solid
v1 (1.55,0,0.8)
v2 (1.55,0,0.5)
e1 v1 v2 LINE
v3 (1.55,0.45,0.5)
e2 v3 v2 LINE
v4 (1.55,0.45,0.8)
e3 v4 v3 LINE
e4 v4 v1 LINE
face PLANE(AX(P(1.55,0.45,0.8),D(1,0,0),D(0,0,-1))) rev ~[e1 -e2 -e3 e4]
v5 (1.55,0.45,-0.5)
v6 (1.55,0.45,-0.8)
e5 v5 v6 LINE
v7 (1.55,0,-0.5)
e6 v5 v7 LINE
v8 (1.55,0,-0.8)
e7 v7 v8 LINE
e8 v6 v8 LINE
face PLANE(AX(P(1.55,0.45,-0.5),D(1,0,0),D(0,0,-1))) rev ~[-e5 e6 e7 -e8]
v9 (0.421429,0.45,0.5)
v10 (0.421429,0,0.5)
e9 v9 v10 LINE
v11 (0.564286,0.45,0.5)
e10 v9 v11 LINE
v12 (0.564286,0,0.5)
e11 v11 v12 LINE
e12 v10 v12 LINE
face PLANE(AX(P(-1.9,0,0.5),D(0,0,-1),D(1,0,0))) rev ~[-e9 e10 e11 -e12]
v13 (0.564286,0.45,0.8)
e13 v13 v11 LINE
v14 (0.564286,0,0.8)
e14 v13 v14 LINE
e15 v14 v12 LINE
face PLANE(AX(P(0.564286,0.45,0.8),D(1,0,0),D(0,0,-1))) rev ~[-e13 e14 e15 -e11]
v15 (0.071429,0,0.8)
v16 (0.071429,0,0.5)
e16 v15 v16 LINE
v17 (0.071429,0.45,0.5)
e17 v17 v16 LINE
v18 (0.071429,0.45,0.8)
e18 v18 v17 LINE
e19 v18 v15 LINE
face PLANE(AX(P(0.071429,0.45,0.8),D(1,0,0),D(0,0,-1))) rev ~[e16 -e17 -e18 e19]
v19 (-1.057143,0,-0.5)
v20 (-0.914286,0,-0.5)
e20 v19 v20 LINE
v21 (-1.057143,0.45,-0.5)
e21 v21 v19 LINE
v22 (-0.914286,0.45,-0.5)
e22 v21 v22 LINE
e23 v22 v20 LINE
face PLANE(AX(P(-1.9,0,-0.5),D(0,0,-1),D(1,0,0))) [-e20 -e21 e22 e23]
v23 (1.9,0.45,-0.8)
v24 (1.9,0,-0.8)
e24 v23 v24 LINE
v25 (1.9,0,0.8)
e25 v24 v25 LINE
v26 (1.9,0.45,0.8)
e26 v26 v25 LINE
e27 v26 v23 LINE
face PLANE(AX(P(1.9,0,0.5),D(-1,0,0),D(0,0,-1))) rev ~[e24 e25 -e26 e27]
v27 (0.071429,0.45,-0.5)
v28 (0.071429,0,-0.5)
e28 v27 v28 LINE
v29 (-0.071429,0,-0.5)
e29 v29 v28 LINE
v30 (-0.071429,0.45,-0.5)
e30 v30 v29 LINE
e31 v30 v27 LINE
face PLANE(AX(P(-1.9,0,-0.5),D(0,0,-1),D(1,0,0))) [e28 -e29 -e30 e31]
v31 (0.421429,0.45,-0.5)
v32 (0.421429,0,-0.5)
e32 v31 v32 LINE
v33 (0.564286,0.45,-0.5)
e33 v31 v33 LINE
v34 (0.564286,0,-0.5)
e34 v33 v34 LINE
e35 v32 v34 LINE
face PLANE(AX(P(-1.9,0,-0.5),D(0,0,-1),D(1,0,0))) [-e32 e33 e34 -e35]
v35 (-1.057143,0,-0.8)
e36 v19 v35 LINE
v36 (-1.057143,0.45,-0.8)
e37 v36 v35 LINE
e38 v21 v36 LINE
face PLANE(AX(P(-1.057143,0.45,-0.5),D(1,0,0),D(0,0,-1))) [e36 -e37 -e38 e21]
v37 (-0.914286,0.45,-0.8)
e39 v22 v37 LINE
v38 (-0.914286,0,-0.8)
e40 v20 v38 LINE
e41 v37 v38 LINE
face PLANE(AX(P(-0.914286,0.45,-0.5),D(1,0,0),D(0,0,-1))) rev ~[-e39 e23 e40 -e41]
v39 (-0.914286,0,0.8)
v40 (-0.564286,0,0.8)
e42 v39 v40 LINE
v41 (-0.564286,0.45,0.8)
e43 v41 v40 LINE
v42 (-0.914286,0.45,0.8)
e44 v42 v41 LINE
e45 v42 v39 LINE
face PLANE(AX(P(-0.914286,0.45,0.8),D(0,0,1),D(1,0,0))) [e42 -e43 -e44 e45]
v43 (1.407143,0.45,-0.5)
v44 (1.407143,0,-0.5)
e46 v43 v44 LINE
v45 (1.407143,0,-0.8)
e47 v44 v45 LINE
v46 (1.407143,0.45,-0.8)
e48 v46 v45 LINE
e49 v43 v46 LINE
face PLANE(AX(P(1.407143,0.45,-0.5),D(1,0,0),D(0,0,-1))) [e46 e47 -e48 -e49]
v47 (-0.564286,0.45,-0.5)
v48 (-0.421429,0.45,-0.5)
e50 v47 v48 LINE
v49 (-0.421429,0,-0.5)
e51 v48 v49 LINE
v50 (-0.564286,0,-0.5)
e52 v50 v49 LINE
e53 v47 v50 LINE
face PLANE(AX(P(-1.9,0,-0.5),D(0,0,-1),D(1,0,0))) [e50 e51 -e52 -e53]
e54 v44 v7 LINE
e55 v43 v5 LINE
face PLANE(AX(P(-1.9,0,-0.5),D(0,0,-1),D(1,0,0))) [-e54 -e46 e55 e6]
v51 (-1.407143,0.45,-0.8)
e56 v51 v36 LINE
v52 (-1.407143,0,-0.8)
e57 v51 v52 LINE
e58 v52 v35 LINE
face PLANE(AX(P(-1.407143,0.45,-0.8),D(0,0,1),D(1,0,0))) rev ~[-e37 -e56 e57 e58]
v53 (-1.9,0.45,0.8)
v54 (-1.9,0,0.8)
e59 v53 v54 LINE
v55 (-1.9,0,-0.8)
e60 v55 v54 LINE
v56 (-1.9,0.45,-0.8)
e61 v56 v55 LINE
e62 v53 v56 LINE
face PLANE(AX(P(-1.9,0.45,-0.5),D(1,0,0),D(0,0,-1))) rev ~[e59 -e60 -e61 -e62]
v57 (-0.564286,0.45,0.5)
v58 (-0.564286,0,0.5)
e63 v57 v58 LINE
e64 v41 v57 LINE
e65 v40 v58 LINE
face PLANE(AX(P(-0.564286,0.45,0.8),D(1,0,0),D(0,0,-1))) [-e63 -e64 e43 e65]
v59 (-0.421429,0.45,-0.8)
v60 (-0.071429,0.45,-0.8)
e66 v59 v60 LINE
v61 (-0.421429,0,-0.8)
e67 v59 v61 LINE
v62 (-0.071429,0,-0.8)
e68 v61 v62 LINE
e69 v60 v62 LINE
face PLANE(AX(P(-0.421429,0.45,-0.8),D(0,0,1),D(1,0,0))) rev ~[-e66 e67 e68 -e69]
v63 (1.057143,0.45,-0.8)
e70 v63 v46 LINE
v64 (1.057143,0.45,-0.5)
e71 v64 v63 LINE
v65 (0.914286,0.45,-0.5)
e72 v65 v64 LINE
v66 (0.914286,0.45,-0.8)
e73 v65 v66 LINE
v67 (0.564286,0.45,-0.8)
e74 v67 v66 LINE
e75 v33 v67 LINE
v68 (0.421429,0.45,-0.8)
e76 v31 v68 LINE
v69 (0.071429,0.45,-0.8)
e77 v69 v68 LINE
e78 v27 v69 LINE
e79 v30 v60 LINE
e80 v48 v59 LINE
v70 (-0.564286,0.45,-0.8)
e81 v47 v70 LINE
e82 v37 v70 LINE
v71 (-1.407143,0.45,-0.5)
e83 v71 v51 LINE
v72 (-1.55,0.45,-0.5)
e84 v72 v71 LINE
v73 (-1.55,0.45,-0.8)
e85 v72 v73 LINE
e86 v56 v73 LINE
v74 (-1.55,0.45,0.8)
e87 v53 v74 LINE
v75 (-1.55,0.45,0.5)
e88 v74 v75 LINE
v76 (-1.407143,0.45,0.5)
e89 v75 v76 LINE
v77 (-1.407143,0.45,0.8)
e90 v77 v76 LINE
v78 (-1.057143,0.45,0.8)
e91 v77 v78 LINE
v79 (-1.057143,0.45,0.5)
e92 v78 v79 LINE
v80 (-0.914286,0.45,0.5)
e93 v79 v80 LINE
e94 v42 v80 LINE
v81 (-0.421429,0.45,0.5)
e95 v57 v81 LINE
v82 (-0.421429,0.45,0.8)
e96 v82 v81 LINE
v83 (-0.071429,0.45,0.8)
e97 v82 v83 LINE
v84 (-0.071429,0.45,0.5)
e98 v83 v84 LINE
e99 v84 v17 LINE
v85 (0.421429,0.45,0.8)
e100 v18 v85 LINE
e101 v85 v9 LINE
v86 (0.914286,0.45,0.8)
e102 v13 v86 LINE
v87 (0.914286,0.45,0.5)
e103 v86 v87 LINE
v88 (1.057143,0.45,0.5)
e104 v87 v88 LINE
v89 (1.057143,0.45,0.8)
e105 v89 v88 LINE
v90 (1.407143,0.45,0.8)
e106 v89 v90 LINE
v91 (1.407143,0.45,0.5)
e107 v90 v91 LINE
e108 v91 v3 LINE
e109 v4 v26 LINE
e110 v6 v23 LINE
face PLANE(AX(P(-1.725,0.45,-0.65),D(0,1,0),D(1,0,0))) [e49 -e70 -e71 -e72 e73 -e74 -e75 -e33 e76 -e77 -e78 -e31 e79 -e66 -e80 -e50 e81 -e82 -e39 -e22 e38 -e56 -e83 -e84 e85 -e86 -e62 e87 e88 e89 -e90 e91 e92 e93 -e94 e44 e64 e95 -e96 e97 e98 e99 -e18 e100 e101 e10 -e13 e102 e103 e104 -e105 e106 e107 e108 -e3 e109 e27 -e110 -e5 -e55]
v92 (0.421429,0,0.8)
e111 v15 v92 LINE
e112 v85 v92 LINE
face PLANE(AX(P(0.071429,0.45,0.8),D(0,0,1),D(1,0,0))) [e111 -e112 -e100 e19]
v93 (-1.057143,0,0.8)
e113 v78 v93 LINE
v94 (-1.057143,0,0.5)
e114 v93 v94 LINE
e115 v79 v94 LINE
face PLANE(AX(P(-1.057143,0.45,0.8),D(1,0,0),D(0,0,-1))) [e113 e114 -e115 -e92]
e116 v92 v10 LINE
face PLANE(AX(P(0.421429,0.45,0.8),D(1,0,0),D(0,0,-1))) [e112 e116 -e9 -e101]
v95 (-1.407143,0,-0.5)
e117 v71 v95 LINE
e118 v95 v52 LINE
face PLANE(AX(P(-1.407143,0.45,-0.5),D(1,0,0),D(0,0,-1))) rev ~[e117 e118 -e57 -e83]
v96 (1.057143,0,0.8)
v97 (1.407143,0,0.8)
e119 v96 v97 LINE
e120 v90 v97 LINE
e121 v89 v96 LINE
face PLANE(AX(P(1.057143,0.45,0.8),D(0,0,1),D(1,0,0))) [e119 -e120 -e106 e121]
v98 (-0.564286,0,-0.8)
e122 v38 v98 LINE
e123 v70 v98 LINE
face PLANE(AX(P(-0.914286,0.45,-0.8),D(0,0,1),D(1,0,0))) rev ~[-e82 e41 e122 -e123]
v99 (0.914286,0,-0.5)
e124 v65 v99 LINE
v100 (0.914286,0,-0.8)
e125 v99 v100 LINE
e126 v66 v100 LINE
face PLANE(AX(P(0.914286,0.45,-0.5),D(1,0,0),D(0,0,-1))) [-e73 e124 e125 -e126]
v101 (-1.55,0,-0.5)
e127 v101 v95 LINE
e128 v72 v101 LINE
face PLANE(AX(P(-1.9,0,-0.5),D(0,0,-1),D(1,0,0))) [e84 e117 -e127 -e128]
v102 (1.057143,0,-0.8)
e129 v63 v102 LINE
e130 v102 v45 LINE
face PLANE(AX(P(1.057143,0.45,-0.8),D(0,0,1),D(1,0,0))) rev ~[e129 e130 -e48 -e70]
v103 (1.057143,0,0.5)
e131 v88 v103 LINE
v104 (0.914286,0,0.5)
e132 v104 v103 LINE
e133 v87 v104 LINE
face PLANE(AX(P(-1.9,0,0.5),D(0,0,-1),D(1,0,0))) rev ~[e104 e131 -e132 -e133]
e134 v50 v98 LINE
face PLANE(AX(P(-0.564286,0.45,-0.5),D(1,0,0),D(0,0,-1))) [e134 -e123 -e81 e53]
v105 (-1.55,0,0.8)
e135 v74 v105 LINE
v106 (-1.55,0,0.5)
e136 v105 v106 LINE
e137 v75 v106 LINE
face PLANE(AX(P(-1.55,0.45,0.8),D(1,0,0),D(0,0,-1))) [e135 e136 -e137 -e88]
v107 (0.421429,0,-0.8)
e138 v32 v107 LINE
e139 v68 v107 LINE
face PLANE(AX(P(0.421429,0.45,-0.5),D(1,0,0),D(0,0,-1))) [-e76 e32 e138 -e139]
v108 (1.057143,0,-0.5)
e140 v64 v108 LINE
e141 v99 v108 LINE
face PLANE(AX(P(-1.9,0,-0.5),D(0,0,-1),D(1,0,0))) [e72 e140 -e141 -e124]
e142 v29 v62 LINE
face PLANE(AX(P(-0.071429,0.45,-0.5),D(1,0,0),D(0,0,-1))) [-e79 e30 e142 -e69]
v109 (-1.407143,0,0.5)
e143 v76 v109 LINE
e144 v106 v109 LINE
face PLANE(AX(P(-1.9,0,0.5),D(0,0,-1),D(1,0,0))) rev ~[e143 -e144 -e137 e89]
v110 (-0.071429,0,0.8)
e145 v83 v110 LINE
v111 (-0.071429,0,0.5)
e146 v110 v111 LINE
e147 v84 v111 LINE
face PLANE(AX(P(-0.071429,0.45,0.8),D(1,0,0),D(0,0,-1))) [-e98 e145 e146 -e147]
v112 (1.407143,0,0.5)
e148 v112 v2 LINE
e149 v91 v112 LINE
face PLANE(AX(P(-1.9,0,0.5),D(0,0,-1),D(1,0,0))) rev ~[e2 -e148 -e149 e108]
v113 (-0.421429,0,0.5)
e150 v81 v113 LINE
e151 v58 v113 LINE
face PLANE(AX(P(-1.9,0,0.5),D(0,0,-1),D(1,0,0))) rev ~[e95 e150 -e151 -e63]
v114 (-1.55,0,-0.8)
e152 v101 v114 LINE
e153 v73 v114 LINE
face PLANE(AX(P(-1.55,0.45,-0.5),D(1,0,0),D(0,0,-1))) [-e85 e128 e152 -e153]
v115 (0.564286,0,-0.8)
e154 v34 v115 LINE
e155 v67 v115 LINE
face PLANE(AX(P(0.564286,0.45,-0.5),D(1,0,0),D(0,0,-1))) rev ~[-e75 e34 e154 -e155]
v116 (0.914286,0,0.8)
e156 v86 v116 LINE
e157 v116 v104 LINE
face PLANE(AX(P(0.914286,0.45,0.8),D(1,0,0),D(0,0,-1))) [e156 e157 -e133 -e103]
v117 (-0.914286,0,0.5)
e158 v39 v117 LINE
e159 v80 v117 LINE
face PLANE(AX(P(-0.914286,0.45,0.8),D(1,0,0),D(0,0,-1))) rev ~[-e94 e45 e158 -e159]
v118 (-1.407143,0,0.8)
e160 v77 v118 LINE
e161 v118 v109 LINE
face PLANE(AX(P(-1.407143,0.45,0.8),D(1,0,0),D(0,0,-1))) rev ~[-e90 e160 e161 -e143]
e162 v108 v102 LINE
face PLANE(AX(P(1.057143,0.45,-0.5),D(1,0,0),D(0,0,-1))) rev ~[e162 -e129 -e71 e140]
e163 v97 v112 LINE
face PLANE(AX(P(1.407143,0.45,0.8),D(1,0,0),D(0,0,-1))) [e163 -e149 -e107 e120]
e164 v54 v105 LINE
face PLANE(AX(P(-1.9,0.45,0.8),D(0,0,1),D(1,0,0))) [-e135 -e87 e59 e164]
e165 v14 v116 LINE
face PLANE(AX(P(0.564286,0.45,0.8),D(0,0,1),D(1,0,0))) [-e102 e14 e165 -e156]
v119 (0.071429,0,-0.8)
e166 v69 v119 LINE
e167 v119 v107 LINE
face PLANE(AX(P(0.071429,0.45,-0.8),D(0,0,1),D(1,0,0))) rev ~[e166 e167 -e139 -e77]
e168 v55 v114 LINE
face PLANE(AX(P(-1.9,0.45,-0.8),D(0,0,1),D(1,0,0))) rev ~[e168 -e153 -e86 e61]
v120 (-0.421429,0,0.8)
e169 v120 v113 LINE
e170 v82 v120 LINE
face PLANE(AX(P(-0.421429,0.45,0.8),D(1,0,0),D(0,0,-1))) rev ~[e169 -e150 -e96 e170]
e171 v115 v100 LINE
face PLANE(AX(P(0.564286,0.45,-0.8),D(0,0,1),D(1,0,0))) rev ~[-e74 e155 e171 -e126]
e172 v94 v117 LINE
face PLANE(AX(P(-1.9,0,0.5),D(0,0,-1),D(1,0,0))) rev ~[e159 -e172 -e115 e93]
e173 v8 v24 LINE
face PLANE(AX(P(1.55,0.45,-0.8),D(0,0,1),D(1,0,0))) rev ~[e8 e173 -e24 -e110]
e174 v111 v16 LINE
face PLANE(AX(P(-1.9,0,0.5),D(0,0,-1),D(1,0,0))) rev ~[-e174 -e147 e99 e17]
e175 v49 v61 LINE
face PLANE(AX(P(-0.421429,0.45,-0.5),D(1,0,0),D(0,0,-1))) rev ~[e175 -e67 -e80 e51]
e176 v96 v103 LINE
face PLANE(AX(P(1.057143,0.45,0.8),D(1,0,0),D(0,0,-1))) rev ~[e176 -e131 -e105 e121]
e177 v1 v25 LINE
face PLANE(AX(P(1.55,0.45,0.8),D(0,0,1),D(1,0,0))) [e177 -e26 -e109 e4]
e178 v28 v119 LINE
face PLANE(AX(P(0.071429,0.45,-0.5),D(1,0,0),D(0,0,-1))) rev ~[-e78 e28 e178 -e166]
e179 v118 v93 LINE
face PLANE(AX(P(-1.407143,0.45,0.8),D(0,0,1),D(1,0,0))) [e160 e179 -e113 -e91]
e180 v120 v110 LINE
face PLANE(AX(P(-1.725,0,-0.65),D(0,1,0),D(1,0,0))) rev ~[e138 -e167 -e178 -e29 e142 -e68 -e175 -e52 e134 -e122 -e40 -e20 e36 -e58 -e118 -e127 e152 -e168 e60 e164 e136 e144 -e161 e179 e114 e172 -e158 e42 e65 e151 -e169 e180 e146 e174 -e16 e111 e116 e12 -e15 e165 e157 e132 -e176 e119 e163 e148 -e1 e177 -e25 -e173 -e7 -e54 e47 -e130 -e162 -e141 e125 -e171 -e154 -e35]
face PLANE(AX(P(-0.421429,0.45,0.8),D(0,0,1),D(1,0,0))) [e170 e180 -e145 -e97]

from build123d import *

# Parameters (mm, degrees)
SKETCH1_W           = 3.8
SKETCH1_H           = 1
BOSS_EXTRUDE1_DEPTH = 0.45
SKETCH2_W           = 0.35
SKETCH2_H           = 0.3
BOSS_EXTRUDE2_DEPTH = 0.45


with BuildPart() as part:
    # Sketch1 → Boss-Extrude1 (new body)
    with BuildSketch(Plane(origin=(0, 0, 0), x_dir=(1, 0, 0), z_dir=(0, 1, 0))):
        Rectangle(SKETCH1_W, SKETCH1_H)
    extrude(amount=BOSS_EXTRUDE1_DEPTH)

    # Sketch2 → Boss-Extrude2 (add)
    with BuildSketch(Plane(origin=(0, 0.45, 0), x_dir=(1, 0, 0), z_dir=(0, 1, 0))):
        with Locations((-1.232142857, 0.65)):
            Rectangle(SKETCH2_W, SKETCH2_H)
        with Locations((-1.725, 0.65)):
            Rectangle(SKETCH2_W, SKETCH2_H)
        with Locations((-0.739285714, 0.65)):
            Rectangle(SKETCH2_W, SKETCH2_H)
        with Locations((-0.246428571, 0.65)):
            Rectangle(SKETCH2_W, SKETCH2_H)
        with Locations((0.246428571, 0.65)):
            Rectangle(SKETCH2_W, SKETCH2_H)
        with Locations((0.739285714, 0.65)):
            Rectangle(SKETCH2_W, SKETCH2_H)
        with Locations((1.232142857, 0.65)):
            Rectangle(SKETCH2_W, SKETCH2_H)
        with Locations((1.725, 0.65)):
            Rectangle(SKETCH2_W, SKETCH2_H)
        with Locations((1.725, -0.65)):
            Rectangle(SKETCH2_W, SKETCH2_H)
        with Locations((1.232142857, -0.65)):
            Rectangle(SKETCH2_W, SKETCH2_H)
        with Locations((0.739285714, -0.65)):
            Rectangle(SKETCH2_W, SKETCH2_H)
        with Locations((0.246428571, -0.65)):
            Rectangle(SKETCH2_W, SKETCH2_H)
        with Locations((-0.246428571, -0.65)):
            Rectangle(SKETCH2_W, SKETCH2_H)
        with Locations((-0.739285714, -0.65)):
            Rectangle(SKETCH2_W, SKETCH2_H)
        with Locations((-1.232142857, -0.65)):
            Rectangle(SKETCH2_W, SKETCH2_H)
        with Locations((-1.725, -0.65)):
            Rectangle(SKETCH2_W, SKETCH2_H)
    extrude(amount=-BOSS_EXTRUDE2_DEPTH)


solid = part.part
